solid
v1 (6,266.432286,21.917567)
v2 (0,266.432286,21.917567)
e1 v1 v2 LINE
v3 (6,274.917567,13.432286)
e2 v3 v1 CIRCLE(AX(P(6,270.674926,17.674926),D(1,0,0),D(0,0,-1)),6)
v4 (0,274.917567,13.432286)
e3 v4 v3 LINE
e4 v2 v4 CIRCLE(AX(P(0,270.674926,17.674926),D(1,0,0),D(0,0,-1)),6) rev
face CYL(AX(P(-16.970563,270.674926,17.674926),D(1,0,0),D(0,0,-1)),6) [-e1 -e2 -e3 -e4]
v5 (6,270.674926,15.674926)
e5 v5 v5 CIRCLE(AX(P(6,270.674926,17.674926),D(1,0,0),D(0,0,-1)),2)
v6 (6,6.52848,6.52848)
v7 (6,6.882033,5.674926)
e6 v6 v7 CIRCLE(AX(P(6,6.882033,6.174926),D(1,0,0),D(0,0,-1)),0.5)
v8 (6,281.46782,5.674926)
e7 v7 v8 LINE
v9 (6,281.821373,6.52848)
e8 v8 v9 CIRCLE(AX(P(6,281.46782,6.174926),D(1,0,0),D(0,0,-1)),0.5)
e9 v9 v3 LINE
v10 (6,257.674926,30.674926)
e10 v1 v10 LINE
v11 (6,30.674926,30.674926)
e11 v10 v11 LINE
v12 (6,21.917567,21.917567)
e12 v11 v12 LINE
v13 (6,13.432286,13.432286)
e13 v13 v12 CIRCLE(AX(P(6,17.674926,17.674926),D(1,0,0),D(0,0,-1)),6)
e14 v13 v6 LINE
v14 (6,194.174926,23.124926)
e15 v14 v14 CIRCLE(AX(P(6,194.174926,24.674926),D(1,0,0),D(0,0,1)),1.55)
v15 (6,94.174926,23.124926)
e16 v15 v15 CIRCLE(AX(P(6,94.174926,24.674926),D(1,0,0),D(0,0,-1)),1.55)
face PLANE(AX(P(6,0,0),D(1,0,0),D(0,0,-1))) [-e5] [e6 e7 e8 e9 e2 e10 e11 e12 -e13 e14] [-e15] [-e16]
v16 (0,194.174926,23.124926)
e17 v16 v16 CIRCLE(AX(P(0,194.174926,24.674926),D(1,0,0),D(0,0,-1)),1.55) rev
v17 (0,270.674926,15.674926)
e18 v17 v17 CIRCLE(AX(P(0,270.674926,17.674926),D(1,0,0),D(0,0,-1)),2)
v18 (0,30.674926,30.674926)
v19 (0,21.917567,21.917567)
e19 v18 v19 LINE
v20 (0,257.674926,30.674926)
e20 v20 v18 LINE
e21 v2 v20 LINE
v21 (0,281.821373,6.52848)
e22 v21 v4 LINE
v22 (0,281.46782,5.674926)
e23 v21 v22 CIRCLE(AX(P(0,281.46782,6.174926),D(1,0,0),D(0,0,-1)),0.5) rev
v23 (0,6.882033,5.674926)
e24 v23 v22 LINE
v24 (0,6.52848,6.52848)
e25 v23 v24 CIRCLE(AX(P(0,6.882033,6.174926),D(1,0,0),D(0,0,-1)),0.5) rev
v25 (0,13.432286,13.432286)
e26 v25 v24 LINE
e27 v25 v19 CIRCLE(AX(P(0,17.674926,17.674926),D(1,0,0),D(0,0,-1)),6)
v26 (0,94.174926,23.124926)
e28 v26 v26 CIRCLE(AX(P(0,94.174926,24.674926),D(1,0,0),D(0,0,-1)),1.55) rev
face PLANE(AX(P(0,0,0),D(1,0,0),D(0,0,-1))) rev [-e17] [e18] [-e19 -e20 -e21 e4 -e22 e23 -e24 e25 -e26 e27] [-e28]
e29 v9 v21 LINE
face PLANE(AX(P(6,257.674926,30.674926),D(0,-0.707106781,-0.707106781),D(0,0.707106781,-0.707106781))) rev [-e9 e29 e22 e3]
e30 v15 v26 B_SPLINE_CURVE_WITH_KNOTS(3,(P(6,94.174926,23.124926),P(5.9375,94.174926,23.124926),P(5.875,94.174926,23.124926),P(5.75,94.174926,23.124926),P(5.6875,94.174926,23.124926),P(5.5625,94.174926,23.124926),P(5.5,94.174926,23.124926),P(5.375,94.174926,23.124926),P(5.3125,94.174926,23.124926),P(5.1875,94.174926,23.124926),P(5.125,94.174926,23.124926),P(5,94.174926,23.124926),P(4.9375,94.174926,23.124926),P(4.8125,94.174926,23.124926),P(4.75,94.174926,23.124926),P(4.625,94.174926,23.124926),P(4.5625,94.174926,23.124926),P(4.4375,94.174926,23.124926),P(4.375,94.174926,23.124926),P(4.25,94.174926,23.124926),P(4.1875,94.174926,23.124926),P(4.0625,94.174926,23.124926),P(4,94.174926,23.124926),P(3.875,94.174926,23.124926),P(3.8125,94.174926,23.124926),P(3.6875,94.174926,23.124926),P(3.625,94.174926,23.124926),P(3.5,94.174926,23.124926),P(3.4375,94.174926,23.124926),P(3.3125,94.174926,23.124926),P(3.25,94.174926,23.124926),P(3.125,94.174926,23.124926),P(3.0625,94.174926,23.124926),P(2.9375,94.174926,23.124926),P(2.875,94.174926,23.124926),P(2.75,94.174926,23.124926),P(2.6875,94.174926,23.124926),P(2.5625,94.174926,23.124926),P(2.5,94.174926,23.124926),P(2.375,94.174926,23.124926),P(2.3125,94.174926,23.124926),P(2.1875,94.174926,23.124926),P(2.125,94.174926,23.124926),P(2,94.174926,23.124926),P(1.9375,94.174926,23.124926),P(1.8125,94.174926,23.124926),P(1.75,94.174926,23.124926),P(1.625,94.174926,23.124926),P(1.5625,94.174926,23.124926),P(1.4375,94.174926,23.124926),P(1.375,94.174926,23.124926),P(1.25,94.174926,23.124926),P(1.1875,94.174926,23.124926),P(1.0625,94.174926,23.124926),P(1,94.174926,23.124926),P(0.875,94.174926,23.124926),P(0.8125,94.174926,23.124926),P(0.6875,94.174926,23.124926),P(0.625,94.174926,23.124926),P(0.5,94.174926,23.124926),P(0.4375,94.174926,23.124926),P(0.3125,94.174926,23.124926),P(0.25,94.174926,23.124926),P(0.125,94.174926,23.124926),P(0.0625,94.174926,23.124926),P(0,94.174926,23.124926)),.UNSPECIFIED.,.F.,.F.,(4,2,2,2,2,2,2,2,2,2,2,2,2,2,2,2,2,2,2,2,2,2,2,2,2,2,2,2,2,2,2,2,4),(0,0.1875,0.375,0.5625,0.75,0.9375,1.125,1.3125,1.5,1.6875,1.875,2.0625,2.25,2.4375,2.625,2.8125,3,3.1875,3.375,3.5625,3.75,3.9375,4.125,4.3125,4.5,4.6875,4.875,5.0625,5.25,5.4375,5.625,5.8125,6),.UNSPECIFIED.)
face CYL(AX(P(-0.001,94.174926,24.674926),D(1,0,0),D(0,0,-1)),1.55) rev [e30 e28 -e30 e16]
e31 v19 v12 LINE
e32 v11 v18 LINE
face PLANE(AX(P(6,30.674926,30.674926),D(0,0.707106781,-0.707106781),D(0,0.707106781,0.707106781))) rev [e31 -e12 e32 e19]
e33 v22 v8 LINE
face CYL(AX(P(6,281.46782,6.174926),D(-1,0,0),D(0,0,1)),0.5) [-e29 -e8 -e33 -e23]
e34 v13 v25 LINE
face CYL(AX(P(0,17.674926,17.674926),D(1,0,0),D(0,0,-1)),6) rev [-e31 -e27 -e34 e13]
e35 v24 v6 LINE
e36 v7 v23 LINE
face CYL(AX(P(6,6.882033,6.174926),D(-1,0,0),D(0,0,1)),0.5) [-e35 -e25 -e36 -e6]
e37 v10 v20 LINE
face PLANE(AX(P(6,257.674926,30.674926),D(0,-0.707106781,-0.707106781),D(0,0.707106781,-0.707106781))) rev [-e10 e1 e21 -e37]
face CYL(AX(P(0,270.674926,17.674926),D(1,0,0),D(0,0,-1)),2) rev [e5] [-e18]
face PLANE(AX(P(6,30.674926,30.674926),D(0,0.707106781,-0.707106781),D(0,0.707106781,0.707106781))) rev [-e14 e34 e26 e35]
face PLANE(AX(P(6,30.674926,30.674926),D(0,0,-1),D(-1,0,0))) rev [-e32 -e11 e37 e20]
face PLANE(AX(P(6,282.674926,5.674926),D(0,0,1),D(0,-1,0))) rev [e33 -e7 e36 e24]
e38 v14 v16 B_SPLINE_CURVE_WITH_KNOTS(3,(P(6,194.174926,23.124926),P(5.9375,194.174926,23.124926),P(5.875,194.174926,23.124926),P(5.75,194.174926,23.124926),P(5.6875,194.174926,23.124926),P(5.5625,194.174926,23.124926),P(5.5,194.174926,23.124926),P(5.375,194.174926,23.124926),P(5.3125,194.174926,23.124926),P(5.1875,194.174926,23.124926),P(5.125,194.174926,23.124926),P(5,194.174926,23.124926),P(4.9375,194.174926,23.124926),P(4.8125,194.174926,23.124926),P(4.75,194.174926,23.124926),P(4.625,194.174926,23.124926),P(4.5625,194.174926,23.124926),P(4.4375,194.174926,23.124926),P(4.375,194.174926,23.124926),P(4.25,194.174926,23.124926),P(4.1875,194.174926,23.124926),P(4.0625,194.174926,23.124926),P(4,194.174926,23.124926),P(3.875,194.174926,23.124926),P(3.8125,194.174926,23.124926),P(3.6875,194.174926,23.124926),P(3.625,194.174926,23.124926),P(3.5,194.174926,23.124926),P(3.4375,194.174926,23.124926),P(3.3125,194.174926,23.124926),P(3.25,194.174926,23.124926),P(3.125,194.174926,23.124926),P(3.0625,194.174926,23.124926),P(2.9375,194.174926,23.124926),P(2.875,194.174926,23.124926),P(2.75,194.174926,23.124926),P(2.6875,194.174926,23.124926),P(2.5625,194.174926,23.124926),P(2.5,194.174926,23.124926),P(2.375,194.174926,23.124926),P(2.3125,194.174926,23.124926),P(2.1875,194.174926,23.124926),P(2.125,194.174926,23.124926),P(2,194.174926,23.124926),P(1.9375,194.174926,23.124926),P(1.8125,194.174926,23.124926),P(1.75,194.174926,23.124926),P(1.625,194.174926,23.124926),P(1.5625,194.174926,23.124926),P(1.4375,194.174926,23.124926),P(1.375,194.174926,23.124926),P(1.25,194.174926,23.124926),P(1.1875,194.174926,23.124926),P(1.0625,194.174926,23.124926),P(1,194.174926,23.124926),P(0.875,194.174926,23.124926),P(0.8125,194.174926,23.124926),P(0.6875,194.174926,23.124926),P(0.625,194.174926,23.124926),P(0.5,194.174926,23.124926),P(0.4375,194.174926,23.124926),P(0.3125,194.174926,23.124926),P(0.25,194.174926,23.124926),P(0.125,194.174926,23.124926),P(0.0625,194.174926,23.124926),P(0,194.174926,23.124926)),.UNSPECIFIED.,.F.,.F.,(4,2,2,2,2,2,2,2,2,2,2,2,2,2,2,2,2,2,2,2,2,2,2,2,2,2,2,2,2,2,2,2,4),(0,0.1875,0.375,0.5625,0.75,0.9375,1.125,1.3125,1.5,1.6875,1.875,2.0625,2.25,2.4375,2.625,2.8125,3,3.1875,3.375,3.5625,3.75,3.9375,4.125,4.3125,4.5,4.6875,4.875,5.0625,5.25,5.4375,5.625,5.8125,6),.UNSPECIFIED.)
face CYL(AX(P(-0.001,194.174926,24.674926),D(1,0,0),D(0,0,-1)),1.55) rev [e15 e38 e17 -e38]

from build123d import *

# Parameters (mm, degrees)
BOSS_EXTRUDE1_DEPTH = 6
FILLET1_R           = 0.5
SKETCH4_R           = 6
BOSS_EXTRUDE2_DEPTH = 6
SKETCH3_R           = 2
SKETCH3_R_2         = 6
CUT_EXTRUDE1_DEPTH  = 284.694910827
CUT_EXTRUDE2_REACH  = 285.695
SKETCH6_R           = 1.55


with BuildPart() as part:
    # Sketch2 → Boss-Extrude1 (new body)
    with BuildSketch(Plane(origin=(0, 0, 0), x_dir=(0, 0, -1), z_dir=(1, 0, 0))):
        Polygon((-30.67492643, 30.67492643), (-30.67492643, 257.67492643), (-5.67492643, 282.67492643), (-5.67492643, 5.67492643), align=None)
    extrude(amount=BOSS_EXTRUDE1_DEPTH)

    # Fillet1
    fillet1_edges = [part.edges().sort_by_distance(p)[0] for p in [
        (3, 282.67492643, 5.67492643),
        (3, 5.67492643, 5.67492643),
    ]]
    fillet(fillet1_edges, radius=FILLET1_R)

    # Sketch4 → Boss-Extrude2 (add)
    with BuildSketch(Plane(origin=(6, 0, 0), x_dir=(0, 0, -1), z_dir=(1, 0, 0))):
        with Locations((-17.67492643, 270.67492643)):
            Circle(SKETCH4_R)
    extrude(amount=-BOSS_EXTRUDE2_DEPTH)

    # Sketch3 → Cut-Extrude1 (cut, through all)
    with BuildSketch(Plane(origin=(6, 0, 0), x_dir=(0, 0, -1), z_dir=(1, 0, 0))):
        with Locations((-17.67492643, 270.67492643)):
            Circle(SKETCH3_R)
        with Locations((-17.67492643, 17.67492643)):
            Circle(SKETCH3_R_2)
    extrude(amount=-CUT_EXTRUDE1_DEPTH, mode=Mode.SUBTRACT)

    # Sketch6 → Cut-Extrude2 (cut, up to next)
    with BuildSketch(Plane(origin=(6, 0, 0), x_dir=(0, 0, -1), z_dir=(1, 0, 0)), mode=Mode.PRIVATE) as cut_extrude2_sk1:
        with Locations((-24.67492643, 94.17492643)):
            Circle(SKETCH6_R)
    cut_extrude2_tool1 = extrude(cut_extrude2_sk1.sketch, amount=-CUT_EXTRUDE2_REACH, mode=Mode.PRIVATE) & part.part
    # Sketch6 → Cut-Extrude2 (cut, up to next)
    with BuildSketch(Plane(origin=(6, 0, 0), x_dir=(0, 0, -1), z_dir=(1, 0, 0)), mode=Mode.PRIVATE) as cut_extrude2_sk2:
        with Locations((-24.67492643, 194.17492643)):
            Circle(SKETCH6_R)
    cut_extrude2_tool2 = extrude(cut_extrude2_sk2.sketch, amount=-CUT_EXTRUDE2_REACH, mode=Mode.PRIVATE) & part.part
    add(cut_extrude2_tool1.solids().sort_by_distance((6, 94.174926, 24.674926))[0], mode=Mode.SUBTRACT)
    add(cut_extrude2_tool2.solids().sort_by_distance((6, 194.174926, 24.674926))[0], mode=Mode.SUBTRACT)


solid = part.part
